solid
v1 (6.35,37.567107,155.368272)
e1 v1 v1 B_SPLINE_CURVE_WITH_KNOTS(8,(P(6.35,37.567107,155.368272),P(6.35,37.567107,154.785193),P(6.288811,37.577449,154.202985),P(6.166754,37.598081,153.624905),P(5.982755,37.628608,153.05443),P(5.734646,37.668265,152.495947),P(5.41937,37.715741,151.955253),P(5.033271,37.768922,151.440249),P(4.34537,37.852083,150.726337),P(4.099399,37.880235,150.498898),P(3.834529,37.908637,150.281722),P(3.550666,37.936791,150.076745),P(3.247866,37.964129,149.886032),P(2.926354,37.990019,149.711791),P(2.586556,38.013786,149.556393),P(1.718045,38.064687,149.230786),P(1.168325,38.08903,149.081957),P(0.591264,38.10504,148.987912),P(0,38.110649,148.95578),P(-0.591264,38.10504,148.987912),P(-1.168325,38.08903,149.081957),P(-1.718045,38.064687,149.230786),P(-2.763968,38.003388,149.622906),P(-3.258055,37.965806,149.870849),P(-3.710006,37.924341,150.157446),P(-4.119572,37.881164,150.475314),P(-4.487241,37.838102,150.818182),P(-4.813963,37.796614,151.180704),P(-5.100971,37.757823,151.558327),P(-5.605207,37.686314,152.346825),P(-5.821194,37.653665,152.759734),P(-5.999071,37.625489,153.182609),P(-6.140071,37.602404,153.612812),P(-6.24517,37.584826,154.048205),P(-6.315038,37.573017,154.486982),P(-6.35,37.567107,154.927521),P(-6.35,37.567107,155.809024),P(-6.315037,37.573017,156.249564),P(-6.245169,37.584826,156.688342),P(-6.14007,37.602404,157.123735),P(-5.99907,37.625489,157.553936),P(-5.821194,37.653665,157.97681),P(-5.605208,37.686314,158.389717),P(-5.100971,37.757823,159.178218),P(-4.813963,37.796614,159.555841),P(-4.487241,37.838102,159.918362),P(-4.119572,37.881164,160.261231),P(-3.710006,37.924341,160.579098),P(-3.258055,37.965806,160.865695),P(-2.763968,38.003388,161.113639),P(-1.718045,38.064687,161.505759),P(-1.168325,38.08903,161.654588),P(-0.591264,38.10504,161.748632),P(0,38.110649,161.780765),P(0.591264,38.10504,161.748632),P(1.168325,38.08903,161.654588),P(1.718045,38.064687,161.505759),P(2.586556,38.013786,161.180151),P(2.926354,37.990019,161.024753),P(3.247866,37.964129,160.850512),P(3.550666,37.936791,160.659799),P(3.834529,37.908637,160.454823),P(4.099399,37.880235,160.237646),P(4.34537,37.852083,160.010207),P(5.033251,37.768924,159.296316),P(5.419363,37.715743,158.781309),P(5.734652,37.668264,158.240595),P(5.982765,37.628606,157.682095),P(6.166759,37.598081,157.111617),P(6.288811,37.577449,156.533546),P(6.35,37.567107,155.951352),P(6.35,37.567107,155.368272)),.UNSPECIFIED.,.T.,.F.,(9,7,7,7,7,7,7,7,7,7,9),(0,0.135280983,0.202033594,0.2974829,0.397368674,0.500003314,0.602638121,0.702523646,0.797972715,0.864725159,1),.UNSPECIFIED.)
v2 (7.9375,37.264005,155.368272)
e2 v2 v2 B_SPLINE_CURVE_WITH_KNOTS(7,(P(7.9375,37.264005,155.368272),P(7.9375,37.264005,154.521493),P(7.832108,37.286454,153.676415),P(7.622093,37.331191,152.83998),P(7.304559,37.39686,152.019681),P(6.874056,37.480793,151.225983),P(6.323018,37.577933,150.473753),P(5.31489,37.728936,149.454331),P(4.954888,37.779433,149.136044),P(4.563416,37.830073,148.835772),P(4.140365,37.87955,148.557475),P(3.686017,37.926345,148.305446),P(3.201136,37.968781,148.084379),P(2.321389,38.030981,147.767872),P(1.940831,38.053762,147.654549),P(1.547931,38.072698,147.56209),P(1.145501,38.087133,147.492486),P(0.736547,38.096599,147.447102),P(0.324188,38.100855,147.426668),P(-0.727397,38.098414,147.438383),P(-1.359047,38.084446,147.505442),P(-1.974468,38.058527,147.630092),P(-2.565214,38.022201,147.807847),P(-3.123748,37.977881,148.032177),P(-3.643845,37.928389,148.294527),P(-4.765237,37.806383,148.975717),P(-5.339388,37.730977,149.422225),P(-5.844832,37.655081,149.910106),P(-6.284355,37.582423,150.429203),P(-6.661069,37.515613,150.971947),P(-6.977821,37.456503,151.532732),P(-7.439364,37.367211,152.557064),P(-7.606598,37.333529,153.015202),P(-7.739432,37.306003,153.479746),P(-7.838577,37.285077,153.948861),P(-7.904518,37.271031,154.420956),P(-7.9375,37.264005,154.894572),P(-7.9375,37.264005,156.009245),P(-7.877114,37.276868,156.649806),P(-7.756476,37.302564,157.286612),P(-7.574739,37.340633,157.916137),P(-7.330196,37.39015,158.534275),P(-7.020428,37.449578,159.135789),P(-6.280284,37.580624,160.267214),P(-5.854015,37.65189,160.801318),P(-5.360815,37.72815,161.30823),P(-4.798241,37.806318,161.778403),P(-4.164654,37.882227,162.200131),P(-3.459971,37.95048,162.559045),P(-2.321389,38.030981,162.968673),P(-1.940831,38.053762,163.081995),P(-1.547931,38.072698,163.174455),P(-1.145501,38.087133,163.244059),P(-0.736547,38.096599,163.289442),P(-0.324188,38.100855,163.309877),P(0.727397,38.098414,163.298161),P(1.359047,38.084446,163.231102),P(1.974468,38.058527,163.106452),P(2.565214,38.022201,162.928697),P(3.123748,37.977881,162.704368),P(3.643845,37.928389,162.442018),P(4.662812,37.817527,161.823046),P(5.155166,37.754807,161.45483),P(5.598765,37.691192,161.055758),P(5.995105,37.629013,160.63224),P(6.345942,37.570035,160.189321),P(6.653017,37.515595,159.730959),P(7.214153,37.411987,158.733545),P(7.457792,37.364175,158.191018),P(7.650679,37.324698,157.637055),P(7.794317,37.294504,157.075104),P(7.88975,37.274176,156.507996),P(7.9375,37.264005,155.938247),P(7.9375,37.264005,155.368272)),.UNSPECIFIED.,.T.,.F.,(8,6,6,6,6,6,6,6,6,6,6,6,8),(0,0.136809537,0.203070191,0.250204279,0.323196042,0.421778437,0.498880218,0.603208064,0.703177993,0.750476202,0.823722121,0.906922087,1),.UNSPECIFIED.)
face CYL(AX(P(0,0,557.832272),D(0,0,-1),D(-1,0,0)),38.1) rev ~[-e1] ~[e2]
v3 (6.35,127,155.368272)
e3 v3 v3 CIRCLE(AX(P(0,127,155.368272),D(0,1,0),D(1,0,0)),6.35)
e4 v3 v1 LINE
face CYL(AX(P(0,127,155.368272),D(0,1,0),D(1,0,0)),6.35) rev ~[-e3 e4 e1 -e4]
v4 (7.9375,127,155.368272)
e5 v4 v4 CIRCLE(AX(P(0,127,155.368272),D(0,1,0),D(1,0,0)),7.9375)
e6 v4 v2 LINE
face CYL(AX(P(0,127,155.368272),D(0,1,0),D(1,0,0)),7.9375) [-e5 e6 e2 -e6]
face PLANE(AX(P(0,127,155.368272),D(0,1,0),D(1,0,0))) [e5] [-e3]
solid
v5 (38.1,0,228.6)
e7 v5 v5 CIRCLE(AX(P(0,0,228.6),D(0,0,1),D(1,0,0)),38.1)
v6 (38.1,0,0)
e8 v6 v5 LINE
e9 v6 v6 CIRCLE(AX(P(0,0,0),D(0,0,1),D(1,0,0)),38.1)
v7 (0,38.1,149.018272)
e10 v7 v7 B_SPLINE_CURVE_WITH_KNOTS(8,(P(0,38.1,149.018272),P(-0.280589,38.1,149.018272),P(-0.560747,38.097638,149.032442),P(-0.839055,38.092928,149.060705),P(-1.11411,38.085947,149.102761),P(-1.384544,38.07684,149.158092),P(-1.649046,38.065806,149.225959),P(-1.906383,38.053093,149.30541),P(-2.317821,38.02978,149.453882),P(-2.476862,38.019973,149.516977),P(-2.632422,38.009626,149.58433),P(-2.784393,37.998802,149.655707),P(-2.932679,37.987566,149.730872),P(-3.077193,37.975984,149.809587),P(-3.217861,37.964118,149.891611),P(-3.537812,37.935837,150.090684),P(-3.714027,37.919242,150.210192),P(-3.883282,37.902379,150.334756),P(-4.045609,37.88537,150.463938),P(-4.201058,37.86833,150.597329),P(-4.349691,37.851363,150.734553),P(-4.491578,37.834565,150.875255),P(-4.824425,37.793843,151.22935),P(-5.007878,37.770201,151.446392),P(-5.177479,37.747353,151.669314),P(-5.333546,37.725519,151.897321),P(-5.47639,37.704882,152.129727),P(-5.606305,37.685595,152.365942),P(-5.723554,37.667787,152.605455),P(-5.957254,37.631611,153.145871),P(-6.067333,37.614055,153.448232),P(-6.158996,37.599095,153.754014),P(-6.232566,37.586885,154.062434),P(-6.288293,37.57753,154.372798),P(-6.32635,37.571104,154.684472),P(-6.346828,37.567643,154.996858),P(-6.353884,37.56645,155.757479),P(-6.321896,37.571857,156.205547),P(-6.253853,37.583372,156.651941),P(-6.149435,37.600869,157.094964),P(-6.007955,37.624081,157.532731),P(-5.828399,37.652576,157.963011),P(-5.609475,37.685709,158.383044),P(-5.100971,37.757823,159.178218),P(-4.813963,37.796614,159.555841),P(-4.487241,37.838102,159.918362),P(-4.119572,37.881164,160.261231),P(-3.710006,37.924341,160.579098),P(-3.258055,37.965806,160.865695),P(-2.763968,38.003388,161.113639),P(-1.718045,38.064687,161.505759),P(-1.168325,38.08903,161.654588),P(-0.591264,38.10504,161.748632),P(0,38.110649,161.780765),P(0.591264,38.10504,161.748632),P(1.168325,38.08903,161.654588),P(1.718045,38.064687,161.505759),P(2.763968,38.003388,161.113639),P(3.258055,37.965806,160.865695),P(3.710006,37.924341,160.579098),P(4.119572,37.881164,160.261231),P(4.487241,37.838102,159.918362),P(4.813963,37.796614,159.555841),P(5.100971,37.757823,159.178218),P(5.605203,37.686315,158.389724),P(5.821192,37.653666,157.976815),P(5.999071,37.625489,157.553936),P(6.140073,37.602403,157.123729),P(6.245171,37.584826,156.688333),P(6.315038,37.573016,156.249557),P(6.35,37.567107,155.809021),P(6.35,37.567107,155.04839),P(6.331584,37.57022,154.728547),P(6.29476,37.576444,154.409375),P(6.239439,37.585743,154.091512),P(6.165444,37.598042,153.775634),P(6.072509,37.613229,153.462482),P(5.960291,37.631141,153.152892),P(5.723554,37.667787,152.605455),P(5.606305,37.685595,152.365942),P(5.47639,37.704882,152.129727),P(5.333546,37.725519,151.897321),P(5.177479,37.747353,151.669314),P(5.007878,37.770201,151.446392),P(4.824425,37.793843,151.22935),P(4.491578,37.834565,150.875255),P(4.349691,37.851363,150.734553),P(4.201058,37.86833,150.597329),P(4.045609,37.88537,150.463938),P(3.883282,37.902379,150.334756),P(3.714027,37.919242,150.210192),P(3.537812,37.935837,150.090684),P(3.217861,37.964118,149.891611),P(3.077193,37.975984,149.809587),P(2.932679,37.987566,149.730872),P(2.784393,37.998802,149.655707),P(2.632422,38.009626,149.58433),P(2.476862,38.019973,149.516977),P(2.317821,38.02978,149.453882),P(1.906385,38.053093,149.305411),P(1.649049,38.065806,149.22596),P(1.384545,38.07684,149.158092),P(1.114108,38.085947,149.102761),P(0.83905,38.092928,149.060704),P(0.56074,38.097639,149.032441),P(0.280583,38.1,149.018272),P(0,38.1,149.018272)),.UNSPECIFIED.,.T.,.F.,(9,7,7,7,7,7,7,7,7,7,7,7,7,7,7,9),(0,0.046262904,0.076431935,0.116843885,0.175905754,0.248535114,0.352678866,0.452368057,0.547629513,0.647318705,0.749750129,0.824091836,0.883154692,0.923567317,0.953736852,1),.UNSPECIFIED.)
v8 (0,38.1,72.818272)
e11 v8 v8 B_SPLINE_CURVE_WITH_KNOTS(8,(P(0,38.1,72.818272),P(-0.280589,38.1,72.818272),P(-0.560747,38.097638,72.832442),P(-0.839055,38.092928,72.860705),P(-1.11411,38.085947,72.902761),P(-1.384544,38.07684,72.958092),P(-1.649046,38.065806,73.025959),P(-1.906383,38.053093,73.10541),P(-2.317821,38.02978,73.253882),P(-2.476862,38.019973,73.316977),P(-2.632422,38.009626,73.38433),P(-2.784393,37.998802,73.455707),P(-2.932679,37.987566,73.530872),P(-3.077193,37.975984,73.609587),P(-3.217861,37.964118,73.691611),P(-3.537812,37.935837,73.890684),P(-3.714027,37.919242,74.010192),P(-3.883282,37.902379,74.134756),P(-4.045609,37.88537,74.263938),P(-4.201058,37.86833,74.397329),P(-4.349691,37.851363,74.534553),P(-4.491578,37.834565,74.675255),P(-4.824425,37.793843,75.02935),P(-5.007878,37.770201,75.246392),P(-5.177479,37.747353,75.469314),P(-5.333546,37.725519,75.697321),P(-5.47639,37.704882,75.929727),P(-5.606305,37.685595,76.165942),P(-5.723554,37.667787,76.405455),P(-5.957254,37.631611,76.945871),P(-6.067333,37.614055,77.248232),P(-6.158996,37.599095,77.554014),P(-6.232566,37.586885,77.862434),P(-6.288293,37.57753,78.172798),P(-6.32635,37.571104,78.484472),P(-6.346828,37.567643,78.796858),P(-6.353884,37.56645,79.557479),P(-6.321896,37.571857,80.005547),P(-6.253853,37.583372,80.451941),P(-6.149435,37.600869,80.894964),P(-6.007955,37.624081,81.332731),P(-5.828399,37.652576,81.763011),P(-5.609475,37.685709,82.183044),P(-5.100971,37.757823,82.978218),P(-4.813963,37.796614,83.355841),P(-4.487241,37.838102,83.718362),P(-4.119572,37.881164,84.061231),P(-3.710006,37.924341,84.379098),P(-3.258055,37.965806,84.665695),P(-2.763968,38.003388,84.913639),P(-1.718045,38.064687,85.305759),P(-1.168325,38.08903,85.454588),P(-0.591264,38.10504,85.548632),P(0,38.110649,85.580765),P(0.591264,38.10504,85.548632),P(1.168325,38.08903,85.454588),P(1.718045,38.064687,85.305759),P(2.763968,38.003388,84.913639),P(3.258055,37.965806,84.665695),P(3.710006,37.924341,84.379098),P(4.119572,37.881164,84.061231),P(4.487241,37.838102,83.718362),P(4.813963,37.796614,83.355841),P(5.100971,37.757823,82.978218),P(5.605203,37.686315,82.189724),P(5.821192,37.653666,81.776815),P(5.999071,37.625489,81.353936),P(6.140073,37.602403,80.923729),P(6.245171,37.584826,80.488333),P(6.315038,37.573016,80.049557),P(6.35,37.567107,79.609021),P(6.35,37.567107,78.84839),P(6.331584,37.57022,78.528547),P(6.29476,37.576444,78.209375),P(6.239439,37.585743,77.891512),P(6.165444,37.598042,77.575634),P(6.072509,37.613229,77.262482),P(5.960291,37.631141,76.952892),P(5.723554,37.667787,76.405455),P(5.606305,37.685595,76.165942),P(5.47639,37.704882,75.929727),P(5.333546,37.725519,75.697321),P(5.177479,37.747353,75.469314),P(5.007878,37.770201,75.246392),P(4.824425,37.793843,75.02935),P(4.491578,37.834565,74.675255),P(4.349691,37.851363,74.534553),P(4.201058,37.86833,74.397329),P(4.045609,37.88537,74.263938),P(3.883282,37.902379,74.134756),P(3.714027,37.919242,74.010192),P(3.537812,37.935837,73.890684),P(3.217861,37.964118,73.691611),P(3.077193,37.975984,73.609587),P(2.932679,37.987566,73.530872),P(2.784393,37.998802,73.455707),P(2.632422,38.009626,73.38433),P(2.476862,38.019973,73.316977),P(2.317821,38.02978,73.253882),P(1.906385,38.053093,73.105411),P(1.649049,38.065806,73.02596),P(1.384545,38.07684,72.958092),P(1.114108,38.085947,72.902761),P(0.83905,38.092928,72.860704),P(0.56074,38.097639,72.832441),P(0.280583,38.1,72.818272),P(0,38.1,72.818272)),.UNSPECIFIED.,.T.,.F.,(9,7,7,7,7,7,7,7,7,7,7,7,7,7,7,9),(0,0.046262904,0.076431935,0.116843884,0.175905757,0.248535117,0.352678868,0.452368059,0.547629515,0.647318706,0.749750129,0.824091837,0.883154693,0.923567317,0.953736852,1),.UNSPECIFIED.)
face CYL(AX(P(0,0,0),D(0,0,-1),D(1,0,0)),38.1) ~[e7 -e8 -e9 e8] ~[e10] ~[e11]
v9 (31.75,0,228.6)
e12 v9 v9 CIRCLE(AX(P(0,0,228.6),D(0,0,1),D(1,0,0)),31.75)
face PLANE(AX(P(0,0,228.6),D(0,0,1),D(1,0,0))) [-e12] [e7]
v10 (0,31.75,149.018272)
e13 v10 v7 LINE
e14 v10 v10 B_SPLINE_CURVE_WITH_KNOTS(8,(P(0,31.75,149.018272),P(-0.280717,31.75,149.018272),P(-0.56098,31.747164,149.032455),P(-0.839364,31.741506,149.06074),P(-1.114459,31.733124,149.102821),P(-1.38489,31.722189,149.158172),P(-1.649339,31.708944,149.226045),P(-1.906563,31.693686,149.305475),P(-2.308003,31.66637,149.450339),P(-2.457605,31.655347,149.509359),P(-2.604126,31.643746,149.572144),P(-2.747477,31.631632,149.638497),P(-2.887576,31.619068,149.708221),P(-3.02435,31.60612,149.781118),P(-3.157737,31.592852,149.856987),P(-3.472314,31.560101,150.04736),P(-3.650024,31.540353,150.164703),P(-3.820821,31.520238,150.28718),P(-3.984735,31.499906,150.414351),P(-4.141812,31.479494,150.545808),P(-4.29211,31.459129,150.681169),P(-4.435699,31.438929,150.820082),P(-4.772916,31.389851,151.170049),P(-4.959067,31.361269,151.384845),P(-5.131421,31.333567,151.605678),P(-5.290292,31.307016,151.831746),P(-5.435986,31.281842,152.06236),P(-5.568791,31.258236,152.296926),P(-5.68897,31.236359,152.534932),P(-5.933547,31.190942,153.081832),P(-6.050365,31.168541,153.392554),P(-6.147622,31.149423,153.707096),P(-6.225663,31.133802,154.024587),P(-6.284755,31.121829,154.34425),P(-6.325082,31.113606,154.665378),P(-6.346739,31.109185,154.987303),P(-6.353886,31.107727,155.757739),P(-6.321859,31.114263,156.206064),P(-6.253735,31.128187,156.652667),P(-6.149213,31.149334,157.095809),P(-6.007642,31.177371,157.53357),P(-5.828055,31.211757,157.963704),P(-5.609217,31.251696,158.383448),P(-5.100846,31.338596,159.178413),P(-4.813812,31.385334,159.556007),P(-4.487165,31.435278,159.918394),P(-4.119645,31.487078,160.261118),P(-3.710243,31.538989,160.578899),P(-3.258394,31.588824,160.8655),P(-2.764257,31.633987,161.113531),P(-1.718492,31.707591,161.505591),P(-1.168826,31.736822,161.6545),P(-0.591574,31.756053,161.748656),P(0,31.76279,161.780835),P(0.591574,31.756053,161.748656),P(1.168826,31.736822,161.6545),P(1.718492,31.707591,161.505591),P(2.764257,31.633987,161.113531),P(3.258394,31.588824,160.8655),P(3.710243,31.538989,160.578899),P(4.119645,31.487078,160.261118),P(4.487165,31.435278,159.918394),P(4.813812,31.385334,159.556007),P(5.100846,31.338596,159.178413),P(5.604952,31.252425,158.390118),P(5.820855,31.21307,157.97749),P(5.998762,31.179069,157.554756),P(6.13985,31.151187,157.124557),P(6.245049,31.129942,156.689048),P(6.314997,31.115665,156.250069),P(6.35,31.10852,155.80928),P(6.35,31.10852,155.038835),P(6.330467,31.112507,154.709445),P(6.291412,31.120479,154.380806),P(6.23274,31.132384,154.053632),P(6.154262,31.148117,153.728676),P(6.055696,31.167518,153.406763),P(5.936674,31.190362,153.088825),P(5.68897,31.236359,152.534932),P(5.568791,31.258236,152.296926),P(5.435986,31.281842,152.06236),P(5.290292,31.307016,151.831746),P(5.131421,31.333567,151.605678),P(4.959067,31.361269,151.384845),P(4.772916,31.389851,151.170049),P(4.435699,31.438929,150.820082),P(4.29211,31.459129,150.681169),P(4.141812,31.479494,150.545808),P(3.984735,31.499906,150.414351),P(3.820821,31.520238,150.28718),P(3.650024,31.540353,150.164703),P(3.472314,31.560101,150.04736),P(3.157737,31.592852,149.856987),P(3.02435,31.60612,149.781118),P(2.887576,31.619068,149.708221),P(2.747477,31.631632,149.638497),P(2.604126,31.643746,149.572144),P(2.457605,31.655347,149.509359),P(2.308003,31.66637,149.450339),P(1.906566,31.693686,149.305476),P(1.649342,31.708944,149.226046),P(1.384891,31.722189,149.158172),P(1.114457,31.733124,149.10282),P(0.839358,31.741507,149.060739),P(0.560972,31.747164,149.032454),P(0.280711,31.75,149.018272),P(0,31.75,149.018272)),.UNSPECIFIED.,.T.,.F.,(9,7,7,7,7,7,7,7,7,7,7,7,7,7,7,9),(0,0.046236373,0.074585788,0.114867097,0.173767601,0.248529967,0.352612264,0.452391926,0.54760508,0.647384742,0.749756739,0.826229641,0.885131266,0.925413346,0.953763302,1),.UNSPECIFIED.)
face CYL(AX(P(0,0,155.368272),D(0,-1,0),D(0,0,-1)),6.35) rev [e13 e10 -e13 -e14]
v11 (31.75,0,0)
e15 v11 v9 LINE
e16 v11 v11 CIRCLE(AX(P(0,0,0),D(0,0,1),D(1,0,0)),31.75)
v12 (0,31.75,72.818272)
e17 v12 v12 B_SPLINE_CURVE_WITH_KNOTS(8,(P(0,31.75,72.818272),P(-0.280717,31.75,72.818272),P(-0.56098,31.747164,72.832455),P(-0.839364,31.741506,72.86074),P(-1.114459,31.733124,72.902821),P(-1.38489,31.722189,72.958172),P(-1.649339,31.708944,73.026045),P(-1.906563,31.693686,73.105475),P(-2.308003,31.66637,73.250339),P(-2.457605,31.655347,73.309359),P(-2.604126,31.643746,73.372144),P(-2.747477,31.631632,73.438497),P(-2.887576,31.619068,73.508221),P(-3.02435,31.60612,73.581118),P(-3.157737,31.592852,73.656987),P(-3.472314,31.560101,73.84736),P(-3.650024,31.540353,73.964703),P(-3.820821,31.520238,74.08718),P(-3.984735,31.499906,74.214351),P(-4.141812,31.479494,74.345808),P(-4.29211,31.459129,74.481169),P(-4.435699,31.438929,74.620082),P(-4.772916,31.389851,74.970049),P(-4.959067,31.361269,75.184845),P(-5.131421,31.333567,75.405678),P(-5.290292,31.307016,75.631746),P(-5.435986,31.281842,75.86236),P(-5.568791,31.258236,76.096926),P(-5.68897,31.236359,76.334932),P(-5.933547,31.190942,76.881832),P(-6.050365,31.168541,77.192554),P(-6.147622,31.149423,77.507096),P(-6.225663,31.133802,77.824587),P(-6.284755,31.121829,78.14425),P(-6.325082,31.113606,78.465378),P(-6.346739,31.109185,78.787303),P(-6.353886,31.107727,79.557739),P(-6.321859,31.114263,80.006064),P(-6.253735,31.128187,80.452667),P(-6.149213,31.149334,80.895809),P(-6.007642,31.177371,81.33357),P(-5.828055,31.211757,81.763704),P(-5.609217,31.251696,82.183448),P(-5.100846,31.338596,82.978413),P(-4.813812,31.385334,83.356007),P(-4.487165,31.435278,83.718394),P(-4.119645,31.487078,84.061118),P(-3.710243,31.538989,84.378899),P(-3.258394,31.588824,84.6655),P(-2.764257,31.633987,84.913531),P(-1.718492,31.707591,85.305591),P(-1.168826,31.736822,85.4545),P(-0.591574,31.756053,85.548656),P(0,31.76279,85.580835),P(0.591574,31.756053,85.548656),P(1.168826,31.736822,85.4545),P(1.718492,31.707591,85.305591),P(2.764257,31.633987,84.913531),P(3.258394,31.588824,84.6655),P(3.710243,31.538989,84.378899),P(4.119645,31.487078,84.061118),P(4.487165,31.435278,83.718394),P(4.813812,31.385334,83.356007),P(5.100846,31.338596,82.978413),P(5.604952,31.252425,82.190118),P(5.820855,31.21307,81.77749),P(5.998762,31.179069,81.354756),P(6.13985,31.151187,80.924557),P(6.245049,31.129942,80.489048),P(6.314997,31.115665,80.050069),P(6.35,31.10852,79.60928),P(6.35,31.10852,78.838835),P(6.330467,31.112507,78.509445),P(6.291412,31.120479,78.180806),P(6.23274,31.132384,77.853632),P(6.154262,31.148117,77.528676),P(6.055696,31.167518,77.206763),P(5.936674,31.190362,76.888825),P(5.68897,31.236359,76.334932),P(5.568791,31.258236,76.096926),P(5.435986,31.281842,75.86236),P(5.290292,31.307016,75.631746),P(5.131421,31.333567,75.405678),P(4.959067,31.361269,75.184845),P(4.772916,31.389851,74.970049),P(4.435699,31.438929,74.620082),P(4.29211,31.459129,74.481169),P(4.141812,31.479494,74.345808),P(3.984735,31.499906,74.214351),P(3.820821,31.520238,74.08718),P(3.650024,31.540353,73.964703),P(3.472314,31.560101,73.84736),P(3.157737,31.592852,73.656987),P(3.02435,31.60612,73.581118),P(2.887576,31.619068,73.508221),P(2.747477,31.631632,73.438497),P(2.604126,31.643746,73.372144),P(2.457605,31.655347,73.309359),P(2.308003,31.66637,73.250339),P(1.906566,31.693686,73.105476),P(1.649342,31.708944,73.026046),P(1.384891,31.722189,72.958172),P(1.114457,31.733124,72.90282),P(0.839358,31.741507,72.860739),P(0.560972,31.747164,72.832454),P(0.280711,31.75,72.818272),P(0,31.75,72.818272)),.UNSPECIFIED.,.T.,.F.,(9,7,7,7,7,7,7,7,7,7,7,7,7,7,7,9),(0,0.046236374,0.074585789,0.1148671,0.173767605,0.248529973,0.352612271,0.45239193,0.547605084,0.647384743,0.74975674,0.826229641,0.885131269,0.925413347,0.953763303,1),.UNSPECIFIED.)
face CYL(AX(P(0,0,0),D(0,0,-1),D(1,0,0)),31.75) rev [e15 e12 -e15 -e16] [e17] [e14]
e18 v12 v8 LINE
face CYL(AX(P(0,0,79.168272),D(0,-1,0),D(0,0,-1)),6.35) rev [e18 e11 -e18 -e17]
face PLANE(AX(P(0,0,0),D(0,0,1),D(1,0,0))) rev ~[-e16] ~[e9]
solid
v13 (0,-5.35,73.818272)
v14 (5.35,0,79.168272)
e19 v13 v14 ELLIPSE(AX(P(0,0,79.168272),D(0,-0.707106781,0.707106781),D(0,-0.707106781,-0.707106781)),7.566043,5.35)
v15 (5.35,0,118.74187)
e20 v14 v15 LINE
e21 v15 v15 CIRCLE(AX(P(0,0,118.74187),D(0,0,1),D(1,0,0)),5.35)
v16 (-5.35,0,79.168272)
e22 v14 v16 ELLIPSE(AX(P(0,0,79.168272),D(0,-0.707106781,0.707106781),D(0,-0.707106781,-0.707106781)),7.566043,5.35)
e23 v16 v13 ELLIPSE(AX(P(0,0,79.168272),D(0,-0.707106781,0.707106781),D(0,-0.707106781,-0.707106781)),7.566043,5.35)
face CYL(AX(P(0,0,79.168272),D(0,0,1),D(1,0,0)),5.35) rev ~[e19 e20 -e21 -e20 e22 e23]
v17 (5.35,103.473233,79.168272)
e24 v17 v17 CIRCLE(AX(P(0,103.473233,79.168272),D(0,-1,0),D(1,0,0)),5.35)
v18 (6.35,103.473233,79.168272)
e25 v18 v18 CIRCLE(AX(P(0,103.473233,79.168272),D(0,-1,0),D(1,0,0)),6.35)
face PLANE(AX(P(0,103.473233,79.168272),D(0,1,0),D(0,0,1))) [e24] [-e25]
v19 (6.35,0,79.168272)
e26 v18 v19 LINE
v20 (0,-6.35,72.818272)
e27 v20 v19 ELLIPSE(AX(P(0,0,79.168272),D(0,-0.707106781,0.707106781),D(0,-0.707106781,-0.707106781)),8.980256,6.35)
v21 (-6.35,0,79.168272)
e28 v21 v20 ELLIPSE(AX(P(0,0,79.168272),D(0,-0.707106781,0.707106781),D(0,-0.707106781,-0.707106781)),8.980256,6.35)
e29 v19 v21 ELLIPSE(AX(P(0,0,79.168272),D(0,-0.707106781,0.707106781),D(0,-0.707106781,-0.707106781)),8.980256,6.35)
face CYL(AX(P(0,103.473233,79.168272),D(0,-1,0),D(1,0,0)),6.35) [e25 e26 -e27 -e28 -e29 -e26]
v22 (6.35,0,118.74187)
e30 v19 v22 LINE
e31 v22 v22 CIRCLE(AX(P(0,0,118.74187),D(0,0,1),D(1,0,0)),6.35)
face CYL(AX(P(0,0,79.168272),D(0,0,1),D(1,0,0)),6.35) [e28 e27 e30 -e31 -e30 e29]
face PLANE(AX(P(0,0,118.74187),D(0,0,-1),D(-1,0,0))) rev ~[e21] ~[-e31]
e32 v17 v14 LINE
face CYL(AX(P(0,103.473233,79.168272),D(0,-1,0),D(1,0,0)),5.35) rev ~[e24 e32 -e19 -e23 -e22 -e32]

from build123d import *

# Parameters (mm, degrees)
SKETCH3_R                = 38.1
SKETCH3_R_2              = 31.75
BOSS_EXTRUDE2_DEPTH      = 228.6
SKETCH5_R                = 6.35
CUT_EXTRUDE3_DEPTH       = 235.864173513
EXTRUDE_THIN1_REACH      = 363.864
EXTRUDE_THIN1_END_RADIUS = 38.1
EXTRUDE_THIN1_START      = 127
SKETCH5_3_R              = 7.9375
SKETCH5_3_R_2            = 6.35
SKETCH8_R                = 6.35
SKETCH8_R_2              = 5.35


with BuildPart() as part:
    # Sketch3 → Boss-Extrude2 (new body)
    with BuildSketch(Plane.XY):
        Circle(SKETCH3_R)
        Circle(SKETCH3_R_2, mode=Mode.SUBTRACT)
    extrude(amount=BOSS_EXTRUDE2_DEPTH)

    # Sketch5 → Cut-Extrude3 (cut, through all)
    with BuildSketch(Plane(origin=(0, 0, 0), x_dir=(1, 0, 0), z_dir=(0, 1, 0))):
        with Locations(Location((0, -79.168272232, 0), (0, 0, 90))):
            Circle(SKETCH5_R)
        with Locations(Location((0, -155.368272232, 0), (0, 0, 90))):
            Circle(SKETCH5_R)
    extrude(amount=CUT_EXTRUDE3_DEPTH, mode=Mode.SUBTRACT)


with BuildPart() as body_2:
    # Extrude-Thin1: up to this cylinder (the profile starts outside it)
    extrude_thin1_end = Plane(origin=(0, 0, 155.368272), z_dir=(0, 0, -1)) * Cylinder(EXTRUDE_THIN1_END_RADIUS, 804.928, mode=Mode.PRIVATE)
    # Sketch5<3> → Extrude-Thin1 (new, up to the surface)
    with BuildSketch(Plane(origin=(0, 0, 0), x_dir=(1, 0, 0), z_dir=(0, 1, 0)).offset(EXTRUDE_THIN1_START), mode=Mode.PRIVATE) as extrude_thin1_sk1:
        with Locations((0, -155.368272232)):
            Circle(SKETCH5_3_R)
        with Locations((0, -155.368272232)):
            Circle(SKETCH5_3_R_2, mode=Mode.SUBTRACT)
    extrude_thin1_tool1 = extrude(extrude_thin1_sk1.sketch, amount=-EXTRUDE_THIN1_REACH, mode=Mode.PRIVATE) - extrude_thin1_end
    add(extrude_thin1_tool1.solids().sort_by_distance((-7.712994, 127, 155.368272))[0])


with BuildPart() as body_3:
    # Sweep-Thin1: sweep along a path in Sketch7
    with BuildLine(Plane(origin=(0, 0, 0), x_dir=(0, 0, -1), z_dir=(1, 0, 0))) as sweep_thin1_path:
        Line((-79.168272232, 103.473233019), (-79.168272232, 0))
        Line((-79.168272232, 0), (-118.741869737, 0))
    # Sketch8 → Sweep-Thin1 (sweep)
    with BuildSketch(Plane(origin=(0, 103.473233019, 79.168272232), x_dir=(1, 0, 0), z_dir=(0, 1, 0))):
        Circle(SKETCH8_R)
        Circle(SKETCH8_R_2, mode=Mode.SUBTRACT)
    sweep(path=sweep_thin1_path.line, transition=Transition.RIGHT)


solid = Compound([part.part, body_2.part, body_3.part])
